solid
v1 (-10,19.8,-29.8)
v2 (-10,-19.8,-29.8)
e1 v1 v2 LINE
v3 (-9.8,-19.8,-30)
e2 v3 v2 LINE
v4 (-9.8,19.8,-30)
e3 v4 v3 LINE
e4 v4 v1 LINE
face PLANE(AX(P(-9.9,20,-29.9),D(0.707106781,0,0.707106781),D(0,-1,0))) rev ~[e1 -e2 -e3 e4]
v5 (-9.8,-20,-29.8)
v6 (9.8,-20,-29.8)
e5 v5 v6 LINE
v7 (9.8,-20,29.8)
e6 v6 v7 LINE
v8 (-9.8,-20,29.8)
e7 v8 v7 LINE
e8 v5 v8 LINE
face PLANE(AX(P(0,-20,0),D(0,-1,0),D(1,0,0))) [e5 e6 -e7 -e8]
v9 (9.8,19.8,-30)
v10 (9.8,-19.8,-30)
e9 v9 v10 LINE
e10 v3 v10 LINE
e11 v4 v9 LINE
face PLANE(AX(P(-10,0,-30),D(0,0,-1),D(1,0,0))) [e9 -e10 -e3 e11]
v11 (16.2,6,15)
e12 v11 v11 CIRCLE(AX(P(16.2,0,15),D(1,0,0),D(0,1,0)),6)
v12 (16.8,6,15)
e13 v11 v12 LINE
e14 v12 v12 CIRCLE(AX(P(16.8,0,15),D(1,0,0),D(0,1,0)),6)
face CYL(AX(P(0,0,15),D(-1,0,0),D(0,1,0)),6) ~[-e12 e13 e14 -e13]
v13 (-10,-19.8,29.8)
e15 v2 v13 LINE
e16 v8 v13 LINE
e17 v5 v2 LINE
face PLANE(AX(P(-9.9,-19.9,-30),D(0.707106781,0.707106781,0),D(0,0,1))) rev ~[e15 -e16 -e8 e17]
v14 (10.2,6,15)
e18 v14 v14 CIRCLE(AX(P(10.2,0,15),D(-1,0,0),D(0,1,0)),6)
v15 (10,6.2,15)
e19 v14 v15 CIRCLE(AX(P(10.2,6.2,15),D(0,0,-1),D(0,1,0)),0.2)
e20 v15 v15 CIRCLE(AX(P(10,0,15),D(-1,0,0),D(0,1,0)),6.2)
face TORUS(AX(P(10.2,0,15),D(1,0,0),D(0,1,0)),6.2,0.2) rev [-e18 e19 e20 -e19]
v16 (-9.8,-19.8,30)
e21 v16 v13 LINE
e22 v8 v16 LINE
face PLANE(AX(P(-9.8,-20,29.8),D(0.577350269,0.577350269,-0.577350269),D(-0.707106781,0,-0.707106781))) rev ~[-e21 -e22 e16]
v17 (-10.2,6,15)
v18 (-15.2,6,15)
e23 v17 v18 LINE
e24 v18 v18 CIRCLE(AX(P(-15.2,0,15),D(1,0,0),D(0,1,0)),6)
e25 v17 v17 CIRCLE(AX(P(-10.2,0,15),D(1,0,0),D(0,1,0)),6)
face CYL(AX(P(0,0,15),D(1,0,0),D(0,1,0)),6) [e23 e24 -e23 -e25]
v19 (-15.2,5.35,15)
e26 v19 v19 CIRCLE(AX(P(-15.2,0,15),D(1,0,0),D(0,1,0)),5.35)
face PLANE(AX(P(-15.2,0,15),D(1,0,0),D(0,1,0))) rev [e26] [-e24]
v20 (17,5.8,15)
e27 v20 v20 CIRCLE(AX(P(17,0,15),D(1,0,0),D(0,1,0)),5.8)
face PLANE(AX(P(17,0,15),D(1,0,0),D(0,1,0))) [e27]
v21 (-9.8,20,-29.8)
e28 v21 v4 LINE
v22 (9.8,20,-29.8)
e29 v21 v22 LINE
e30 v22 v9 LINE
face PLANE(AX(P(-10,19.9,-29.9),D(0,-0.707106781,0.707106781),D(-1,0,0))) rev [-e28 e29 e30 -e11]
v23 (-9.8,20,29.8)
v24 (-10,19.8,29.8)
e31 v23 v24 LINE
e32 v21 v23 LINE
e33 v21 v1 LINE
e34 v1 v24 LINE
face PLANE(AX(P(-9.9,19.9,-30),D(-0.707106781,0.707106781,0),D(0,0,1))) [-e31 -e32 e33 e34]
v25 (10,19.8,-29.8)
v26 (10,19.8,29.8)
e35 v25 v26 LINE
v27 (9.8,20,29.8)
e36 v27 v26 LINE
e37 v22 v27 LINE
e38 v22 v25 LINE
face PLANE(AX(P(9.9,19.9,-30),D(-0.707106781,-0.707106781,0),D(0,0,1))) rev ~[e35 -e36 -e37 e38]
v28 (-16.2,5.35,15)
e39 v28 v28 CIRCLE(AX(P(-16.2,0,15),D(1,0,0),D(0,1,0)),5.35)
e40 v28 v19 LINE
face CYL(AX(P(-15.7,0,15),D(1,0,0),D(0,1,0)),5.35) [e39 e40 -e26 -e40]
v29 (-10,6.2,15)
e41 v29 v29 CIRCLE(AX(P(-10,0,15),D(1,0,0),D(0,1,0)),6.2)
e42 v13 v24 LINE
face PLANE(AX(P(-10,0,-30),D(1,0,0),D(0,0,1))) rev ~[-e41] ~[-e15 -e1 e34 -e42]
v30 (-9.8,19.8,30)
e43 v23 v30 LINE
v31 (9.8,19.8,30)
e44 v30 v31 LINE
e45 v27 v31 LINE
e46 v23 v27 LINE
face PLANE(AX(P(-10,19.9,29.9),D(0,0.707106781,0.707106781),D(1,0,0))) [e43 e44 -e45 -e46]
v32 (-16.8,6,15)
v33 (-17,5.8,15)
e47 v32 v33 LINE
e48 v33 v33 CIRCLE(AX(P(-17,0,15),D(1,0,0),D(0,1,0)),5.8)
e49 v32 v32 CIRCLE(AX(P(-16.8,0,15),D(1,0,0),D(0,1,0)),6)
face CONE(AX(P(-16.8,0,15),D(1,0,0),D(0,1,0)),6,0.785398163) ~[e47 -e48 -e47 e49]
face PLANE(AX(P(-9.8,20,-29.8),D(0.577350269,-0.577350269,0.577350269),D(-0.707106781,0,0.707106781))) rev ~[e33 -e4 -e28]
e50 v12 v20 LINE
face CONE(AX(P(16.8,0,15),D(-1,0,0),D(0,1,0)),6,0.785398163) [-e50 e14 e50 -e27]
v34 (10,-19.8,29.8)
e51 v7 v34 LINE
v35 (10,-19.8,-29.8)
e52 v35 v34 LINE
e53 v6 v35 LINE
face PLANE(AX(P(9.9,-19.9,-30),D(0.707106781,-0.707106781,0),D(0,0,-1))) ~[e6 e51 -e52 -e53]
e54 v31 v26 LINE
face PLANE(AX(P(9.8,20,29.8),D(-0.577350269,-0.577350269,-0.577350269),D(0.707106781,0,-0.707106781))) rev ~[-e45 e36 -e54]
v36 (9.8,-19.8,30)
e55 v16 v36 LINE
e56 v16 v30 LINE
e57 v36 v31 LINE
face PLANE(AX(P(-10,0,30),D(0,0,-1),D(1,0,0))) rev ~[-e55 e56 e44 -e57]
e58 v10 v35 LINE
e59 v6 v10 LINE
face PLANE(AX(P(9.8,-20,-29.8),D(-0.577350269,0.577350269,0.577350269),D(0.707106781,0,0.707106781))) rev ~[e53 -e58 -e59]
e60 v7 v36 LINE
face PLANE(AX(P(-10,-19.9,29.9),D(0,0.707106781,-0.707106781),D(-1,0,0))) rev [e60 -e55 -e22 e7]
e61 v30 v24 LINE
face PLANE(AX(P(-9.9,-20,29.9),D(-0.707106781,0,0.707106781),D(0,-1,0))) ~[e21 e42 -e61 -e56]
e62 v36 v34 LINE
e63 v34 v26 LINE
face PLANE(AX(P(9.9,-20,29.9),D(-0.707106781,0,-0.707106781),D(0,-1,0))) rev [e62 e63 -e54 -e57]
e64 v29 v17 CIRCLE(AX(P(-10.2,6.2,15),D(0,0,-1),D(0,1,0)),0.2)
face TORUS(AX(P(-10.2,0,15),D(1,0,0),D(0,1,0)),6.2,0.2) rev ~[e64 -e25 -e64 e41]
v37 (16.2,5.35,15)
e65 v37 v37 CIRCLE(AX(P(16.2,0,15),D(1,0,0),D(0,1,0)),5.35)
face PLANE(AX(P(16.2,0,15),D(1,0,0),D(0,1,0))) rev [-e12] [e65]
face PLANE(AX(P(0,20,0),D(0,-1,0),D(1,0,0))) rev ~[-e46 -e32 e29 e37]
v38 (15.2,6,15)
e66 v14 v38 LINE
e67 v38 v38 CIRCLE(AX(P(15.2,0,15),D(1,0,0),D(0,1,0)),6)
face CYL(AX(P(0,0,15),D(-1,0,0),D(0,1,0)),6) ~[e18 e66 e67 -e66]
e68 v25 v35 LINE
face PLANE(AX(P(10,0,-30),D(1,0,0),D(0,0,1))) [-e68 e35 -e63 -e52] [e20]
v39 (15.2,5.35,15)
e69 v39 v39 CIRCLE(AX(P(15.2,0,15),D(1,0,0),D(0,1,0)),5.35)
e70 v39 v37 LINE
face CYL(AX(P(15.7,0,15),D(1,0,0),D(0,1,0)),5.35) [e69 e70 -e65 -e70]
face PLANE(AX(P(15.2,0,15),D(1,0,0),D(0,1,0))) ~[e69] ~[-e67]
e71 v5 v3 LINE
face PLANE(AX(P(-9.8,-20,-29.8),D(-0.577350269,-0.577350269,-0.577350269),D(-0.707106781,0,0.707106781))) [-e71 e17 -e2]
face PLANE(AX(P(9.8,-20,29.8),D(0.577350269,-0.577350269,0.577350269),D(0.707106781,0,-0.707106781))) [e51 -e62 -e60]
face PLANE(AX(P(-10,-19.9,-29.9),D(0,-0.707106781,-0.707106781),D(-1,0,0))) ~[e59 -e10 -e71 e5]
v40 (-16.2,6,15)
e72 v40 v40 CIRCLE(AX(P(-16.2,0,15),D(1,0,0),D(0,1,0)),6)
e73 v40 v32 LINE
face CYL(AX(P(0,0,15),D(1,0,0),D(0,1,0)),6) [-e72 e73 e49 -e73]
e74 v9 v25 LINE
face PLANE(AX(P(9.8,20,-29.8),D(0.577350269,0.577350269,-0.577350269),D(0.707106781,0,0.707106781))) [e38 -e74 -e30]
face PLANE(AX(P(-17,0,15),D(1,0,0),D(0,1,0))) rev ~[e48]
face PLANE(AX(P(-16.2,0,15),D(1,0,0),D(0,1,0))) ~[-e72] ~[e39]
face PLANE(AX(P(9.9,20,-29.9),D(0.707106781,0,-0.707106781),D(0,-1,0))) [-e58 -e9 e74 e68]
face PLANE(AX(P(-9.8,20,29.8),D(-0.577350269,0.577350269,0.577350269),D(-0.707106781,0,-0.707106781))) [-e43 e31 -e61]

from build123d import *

# Parameters (mm, degrees)
F0_W          = 20
F0_H          = 60
F1_DEPTH      = 20
F1_DEPTH_BACK = 20
F2_SIZE       = 0.2
F3_R          = 6
F4_DEPTH      = 17
F4_DEPTH_BACK = 17
F5_R          = 0.2
F6_SIZE       = 0.2
F8_W          = 1
F8_H          = 0.65


with BuildPart() as f1:
    # F0 (on Front) → F1 (new body, two sides)
    with BuildSketch(Plane.XZ) as f1_sk:
        Rectangle(F0_W, F0_H)
    extrude(amount=F1_DEPTH)
    extrude(f1_sk.sketch, amount=-F1_DEPTH_BACK)

    # F2
    f2_edges = [f1.edges().sort_by_distance(p)[0] for p in [
        (10, 0, 30),
        (-10, 0, -30),
        (10, 0, -30),
        (-10, 0, 30),
        (0, 20, 30),
        (0, -20, 30),
        (0, 20, -30),
        (0, -20, -30),
        (-10, 20, 0),
        (-10, -20, 0),
        (10, 20, 0),
        (10, -20, 0),
    ]]
    chamfer(f2_edges, length=F2_SIZE)

    # F3 (on Right) → F4 (join, two sides)
    with BuildSketch(Plane.YZ) as f4_sk:
        with Locations((0, 15)):
            Circle(F3_R)
    extrude(amount=-F4_DEPTH)
    extrude(f4_sk.sketch, amount=F4_DEPTH_BACK)

    # F5
    f5_edges = [f1.edges().sort_by_distance(p)[0] for p in [
        (-10, -6, 15),
        (10, -6, 15),
    ]]
    fillet(f5_edges, radius=F5_R)

    # F6
    f6_edges = [f1.edges().sort_by_distance(p)[0] for p in [
        (17, -6, 15),
        (-17, -6, 15),
    ]]
    chamfer(f6_edges, length=F6_SIZE)

    # F8 (on offset) → F9 (revolve, cut)
    with BuildSketch(Plane.XY.offset(15)):
        with Locations((-15.7, 5.675)):
            Rectangle(F8_W, F8_H)
        with Locations((15.7, 5.675)):
            Rectangle(F8_W, F8_H)
    revolve(axis=Axis((0.9265579283, 0, 15), (1, 0, 0)), mode=Mode.SUBTRACT)


solid = f1.part
